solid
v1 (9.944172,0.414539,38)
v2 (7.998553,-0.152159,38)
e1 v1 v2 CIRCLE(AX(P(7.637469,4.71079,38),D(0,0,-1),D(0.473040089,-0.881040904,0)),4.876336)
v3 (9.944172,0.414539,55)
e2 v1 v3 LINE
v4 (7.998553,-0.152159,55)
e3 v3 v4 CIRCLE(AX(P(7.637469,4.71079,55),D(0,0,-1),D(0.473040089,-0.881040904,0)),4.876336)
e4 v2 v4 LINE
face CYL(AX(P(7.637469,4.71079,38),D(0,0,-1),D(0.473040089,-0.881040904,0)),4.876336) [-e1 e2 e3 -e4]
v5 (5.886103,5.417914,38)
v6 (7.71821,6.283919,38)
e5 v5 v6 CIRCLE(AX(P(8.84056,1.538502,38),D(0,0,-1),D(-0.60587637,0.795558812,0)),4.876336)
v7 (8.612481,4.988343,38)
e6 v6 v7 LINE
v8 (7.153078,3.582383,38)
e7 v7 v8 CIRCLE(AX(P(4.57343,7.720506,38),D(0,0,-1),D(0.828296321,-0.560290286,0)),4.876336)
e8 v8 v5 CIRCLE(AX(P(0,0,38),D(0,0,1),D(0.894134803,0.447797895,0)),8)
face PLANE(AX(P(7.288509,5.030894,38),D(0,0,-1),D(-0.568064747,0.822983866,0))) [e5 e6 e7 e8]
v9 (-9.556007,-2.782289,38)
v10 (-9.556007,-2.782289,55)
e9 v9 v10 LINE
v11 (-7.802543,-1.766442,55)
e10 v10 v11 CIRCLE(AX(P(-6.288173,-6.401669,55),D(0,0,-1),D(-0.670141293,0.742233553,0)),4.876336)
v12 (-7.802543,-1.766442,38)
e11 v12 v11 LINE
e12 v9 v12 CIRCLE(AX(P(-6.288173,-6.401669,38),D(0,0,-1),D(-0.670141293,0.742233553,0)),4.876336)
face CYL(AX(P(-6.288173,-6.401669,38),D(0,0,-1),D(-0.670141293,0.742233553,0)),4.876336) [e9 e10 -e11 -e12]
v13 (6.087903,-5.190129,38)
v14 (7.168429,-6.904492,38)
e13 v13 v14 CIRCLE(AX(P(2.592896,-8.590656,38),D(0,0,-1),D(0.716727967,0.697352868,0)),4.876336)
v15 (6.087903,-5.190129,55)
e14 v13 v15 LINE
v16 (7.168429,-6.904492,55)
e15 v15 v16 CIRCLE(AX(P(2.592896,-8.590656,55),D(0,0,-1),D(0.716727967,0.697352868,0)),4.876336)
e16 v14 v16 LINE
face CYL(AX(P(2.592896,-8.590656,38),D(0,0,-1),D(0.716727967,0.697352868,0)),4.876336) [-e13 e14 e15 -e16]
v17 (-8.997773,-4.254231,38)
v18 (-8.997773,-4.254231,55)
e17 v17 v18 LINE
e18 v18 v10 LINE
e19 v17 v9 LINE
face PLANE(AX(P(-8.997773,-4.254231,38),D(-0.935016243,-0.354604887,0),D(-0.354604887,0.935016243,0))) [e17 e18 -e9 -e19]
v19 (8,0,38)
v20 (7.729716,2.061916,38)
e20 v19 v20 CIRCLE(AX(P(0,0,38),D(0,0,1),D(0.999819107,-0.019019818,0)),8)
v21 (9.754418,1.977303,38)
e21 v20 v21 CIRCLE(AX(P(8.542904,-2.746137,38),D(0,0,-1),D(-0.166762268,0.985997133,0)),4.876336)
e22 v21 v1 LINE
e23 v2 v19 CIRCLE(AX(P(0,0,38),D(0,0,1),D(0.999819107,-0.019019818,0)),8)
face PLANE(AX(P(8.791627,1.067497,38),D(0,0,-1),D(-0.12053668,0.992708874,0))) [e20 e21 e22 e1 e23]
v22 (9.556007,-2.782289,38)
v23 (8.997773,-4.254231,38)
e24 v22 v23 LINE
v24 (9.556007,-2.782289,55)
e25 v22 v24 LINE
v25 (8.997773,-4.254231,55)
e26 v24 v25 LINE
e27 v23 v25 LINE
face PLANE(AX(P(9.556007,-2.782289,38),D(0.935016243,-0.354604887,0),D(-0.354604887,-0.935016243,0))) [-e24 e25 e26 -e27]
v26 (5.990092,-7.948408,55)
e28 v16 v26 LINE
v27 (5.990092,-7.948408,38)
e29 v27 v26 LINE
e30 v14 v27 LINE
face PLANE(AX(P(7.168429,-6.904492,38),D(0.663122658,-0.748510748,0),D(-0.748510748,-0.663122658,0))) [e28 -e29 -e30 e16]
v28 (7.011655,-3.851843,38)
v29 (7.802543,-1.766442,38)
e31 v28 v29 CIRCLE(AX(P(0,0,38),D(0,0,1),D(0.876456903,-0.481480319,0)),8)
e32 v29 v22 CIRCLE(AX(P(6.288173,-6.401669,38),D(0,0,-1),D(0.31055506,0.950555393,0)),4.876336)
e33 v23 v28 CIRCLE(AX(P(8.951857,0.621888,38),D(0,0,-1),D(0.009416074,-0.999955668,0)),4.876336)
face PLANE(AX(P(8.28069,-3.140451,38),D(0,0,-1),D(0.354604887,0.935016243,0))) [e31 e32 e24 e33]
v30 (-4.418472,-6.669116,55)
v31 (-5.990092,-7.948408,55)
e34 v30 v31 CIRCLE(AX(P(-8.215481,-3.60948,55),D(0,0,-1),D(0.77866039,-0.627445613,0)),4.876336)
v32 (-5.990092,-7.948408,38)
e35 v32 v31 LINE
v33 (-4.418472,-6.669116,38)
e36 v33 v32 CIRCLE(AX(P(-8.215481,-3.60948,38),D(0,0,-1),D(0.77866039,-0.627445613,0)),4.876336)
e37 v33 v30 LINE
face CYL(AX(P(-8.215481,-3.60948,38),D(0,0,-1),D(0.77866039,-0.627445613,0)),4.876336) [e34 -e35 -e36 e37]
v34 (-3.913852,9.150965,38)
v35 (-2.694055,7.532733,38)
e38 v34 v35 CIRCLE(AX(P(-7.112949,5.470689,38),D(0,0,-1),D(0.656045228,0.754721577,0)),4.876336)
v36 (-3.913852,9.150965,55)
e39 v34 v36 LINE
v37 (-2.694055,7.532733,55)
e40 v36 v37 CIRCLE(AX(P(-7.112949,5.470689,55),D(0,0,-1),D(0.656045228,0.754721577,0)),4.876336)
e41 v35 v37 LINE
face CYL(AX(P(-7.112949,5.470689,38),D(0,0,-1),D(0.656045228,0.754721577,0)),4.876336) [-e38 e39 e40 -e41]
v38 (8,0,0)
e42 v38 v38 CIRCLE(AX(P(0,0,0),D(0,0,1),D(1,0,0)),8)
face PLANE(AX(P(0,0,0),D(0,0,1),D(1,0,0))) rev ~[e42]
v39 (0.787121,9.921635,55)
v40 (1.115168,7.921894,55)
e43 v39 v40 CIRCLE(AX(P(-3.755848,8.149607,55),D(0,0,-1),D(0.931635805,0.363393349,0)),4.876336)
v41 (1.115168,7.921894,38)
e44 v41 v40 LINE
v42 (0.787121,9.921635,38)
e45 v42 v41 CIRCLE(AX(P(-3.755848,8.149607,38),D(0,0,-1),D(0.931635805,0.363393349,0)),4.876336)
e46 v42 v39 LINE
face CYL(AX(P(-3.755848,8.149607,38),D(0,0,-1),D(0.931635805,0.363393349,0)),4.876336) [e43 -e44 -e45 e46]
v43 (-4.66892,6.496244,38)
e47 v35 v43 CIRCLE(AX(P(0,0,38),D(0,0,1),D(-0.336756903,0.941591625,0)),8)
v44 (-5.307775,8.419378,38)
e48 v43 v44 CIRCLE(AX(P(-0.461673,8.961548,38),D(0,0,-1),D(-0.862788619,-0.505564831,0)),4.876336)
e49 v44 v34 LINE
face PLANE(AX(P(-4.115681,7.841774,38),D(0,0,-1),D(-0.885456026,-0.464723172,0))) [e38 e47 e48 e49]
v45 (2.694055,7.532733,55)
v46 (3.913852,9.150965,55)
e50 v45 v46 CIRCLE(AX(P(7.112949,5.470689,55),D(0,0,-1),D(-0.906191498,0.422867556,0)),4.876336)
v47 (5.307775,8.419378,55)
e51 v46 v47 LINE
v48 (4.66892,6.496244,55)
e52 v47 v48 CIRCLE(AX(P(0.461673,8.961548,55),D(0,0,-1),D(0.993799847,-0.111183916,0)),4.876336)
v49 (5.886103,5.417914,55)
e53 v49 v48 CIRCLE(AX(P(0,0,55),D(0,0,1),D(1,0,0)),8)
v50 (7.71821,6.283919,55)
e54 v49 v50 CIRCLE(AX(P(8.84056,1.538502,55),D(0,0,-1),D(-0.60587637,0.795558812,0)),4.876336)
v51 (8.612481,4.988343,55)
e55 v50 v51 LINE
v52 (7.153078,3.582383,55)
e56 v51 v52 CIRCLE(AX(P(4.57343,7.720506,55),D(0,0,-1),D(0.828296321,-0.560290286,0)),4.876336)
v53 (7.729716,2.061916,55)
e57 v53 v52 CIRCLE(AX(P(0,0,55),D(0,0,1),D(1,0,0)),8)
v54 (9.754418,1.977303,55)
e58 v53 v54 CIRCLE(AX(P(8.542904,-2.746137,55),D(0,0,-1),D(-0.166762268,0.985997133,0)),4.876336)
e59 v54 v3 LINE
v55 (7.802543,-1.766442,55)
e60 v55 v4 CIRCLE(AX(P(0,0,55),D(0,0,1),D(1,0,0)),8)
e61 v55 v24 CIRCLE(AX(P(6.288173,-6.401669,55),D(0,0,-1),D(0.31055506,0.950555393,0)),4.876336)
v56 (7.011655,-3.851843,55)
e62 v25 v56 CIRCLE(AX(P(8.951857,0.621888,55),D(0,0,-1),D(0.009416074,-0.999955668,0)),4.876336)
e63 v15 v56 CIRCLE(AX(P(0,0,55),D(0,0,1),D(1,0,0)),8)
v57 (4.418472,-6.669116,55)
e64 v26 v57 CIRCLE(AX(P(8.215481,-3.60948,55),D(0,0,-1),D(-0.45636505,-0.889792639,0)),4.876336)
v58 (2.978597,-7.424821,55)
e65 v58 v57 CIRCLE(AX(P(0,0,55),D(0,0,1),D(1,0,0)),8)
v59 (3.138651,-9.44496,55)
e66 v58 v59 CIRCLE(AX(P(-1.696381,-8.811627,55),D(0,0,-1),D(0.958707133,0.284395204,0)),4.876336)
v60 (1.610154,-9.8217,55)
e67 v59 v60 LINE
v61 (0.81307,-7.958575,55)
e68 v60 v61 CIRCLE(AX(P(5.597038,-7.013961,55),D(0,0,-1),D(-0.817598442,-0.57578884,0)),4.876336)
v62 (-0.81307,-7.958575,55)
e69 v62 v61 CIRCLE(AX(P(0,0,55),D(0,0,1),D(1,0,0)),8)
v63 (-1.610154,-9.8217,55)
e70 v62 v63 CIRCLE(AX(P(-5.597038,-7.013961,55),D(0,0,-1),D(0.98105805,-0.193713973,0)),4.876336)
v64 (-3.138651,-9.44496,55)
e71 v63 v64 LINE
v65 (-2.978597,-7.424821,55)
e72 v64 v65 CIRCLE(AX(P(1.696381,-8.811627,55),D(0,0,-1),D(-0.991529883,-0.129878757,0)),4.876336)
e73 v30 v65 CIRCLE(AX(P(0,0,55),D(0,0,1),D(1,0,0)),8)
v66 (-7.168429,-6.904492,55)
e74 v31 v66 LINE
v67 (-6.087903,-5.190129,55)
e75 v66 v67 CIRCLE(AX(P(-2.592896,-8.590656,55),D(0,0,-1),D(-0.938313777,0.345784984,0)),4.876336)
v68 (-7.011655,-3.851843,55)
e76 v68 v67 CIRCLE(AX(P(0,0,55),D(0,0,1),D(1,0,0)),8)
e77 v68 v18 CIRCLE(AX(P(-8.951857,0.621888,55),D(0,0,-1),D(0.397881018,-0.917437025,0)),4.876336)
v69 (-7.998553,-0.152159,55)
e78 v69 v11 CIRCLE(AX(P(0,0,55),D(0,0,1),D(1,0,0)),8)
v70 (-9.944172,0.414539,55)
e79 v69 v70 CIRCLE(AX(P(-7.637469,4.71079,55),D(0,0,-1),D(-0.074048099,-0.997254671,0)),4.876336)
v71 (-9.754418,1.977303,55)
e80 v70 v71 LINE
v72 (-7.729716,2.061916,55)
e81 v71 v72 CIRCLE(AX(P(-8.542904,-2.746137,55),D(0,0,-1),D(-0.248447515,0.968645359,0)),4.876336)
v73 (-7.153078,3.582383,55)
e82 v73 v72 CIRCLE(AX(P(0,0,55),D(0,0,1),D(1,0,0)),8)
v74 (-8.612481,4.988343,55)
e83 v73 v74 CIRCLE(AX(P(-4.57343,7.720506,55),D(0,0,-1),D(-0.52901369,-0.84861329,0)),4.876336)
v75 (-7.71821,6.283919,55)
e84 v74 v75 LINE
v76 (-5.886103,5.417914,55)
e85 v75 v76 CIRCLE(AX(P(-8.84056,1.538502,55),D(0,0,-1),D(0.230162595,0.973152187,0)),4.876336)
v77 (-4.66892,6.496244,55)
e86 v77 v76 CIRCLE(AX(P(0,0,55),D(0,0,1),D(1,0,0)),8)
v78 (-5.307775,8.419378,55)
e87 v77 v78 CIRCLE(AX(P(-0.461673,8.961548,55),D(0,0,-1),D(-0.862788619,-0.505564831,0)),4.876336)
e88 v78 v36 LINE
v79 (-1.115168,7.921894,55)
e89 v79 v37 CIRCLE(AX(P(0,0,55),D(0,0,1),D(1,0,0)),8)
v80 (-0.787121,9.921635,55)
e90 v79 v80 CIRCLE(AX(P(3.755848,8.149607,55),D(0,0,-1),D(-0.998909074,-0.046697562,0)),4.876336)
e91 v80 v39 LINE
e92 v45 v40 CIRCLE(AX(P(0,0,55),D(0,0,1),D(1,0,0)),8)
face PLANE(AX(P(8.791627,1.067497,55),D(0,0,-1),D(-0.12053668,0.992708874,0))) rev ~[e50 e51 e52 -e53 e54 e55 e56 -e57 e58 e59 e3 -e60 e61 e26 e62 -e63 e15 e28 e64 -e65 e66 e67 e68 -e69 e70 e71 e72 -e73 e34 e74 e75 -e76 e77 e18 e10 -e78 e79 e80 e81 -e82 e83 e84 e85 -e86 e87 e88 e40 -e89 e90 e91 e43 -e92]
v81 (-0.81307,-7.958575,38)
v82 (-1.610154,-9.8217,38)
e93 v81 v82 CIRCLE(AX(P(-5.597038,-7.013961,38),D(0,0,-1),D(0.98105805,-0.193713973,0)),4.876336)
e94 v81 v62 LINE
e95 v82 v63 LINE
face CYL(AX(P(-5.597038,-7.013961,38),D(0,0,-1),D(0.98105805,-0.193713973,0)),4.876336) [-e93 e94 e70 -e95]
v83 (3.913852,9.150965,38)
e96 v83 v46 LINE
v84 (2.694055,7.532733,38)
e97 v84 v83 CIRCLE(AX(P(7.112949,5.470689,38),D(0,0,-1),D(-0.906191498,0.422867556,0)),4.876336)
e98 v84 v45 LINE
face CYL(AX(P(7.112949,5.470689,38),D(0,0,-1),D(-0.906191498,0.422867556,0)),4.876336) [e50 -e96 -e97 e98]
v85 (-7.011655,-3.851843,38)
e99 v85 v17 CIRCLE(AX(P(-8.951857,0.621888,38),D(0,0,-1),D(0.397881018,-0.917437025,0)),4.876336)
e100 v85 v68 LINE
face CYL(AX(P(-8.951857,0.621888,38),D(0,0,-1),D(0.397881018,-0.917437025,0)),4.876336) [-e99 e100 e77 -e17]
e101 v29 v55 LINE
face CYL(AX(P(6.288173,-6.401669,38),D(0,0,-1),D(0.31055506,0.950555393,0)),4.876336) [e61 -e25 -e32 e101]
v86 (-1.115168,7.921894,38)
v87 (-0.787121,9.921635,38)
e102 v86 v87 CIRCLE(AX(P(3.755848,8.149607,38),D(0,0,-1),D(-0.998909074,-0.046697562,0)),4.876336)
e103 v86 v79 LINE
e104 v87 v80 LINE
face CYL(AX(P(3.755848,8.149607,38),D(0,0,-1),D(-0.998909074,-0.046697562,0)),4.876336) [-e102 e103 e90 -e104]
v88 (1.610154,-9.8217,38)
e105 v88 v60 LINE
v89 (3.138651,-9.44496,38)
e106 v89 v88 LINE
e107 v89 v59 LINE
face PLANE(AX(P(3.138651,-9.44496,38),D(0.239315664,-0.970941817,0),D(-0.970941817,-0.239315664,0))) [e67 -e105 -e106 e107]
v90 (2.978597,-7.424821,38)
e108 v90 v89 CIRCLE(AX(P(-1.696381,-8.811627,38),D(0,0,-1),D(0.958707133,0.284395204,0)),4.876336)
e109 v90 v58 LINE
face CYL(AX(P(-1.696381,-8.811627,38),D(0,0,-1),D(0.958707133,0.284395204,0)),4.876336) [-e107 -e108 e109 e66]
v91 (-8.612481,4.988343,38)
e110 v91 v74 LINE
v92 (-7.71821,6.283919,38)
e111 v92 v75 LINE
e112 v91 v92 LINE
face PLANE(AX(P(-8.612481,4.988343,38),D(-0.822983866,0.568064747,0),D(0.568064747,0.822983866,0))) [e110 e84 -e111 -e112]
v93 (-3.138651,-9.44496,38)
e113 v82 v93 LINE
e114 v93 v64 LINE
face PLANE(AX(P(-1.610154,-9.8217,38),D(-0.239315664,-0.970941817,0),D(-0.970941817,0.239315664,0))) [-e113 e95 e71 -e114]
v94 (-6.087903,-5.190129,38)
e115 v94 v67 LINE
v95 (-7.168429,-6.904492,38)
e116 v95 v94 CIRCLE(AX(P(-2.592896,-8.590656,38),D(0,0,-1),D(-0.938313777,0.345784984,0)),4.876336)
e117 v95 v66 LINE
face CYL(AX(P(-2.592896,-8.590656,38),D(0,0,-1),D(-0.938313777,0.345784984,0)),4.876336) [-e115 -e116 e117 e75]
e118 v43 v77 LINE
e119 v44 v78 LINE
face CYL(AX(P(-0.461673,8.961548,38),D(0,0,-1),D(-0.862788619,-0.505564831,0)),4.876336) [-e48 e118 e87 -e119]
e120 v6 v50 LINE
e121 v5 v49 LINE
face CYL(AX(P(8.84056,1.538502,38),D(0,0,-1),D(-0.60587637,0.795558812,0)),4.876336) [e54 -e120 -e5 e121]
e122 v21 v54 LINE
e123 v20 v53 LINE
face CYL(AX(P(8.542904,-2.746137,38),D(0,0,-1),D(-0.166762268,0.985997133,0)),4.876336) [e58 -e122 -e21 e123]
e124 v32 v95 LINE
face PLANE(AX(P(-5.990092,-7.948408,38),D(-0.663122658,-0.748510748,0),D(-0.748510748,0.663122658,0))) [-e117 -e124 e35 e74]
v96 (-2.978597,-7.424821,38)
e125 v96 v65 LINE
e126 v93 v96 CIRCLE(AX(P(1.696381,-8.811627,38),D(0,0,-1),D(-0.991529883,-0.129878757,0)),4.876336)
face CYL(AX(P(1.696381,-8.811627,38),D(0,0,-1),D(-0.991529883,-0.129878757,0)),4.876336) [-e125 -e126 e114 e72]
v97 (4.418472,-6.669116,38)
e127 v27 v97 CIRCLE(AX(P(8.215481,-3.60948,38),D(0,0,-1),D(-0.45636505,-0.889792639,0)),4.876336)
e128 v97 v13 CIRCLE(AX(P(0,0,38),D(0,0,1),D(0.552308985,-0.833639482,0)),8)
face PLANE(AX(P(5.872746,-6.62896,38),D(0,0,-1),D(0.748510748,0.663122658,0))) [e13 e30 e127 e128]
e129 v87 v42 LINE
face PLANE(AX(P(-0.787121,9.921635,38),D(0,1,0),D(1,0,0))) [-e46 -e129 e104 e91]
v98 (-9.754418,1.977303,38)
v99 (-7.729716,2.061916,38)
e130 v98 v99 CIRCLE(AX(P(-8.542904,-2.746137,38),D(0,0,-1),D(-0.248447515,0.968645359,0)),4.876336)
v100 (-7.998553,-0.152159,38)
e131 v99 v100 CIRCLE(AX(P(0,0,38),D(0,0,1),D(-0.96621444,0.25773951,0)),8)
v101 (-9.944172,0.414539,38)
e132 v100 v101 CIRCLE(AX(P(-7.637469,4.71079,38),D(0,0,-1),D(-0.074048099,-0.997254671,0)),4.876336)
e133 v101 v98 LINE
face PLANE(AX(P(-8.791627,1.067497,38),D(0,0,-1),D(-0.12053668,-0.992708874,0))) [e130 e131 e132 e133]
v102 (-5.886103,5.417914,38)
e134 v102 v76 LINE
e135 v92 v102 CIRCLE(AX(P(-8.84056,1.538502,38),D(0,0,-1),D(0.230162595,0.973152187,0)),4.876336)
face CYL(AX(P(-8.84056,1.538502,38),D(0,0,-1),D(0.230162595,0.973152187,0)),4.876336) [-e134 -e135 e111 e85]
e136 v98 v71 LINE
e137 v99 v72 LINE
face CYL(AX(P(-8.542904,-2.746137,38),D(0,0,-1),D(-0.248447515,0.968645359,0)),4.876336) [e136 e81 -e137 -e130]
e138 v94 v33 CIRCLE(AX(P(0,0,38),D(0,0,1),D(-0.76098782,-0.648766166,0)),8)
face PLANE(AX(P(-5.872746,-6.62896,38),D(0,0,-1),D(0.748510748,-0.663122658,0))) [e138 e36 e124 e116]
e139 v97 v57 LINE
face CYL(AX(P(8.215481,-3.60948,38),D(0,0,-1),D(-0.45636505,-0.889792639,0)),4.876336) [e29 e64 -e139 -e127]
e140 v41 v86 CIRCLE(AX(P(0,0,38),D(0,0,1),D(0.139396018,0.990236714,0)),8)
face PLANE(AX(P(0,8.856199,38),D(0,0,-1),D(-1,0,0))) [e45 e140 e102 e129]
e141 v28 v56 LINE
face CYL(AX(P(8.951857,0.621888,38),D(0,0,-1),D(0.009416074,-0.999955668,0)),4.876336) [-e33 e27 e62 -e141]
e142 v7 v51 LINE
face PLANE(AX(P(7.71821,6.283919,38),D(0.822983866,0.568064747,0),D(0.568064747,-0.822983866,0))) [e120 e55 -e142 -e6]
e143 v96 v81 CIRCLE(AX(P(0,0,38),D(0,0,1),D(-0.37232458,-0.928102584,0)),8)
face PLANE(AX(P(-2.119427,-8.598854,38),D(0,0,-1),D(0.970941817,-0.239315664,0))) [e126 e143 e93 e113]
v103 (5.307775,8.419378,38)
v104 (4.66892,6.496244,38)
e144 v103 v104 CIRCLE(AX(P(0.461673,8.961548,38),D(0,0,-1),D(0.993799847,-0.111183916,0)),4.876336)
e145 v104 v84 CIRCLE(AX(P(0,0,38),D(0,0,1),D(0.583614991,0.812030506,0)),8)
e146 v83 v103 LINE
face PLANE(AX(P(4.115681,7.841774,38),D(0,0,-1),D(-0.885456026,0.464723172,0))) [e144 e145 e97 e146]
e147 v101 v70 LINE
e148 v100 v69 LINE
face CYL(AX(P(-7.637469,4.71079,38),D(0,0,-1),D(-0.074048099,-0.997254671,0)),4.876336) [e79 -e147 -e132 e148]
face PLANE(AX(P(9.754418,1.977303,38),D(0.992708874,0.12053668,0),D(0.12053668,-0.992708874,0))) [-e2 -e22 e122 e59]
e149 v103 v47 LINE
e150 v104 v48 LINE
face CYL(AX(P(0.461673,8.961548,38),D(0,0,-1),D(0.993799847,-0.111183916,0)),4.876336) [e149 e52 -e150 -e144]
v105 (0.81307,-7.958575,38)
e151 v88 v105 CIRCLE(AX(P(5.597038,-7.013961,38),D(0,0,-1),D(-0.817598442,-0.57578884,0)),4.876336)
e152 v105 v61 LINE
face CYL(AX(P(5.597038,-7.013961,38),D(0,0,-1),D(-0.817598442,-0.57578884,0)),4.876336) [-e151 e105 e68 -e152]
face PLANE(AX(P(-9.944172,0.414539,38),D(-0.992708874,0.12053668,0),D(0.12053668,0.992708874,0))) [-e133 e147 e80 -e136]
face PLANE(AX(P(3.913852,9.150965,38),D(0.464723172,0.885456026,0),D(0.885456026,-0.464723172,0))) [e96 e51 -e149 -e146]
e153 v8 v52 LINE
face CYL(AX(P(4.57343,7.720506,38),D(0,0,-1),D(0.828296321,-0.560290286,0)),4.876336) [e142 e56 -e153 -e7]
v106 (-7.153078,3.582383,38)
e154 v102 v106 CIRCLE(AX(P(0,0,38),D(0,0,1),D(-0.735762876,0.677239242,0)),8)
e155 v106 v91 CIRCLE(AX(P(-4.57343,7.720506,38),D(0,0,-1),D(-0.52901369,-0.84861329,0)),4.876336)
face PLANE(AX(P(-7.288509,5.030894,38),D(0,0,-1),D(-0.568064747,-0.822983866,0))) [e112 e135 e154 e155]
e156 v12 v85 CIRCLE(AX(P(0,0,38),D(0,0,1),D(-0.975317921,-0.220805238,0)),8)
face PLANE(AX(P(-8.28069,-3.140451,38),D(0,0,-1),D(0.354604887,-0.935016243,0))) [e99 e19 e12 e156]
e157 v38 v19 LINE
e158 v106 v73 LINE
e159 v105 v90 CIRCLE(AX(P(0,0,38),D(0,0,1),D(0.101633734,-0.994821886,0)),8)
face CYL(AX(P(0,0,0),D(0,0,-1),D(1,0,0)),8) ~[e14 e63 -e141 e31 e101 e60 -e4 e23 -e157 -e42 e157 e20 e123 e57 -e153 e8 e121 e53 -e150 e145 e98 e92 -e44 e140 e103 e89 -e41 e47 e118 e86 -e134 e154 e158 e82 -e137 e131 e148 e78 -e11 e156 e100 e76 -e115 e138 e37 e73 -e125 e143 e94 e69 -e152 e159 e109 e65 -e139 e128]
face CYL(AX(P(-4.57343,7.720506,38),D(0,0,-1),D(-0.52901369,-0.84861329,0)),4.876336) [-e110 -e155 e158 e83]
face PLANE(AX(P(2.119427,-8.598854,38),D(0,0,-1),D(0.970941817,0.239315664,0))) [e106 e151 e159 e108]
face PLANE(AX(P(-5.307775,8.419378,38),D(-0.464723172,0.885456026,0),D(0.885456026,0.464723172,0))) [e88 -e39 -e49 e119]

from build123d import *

# Parameters (mm, degrees)
SKETCH1_R           = 8
BOSS_EXTRUDE1_DEPTH = 55
BOSS_EXTRUDE2_START = -17
BOSS_EXTRUDE2_DEPTH = 17
CIRPATTERN1_COUNT   = 13


with BuildPart() as part:
    # Sketch1 → Boss-Extrude1 (new body)
    with BuildSketch(Plane.XY):
        Circle(SKETCH1_R)
    extrude(amount=BOSS_EXTRUDE1_DEPTH)

    # Sketch2 → Boss-Extrude2 (add)
    with BuildSketch(Plane.XY.offset(55).offset(BOSS_EXTRUDE2_START)):
        with BuildLine():
            Line((-0.787121101, 9.92163467), (0.787121101, 9.92163467))
            ThreePointArc((0.787121101, 9.92163467), (1.056170344, 8.938993112), (1.115168142, 7.921893714))
            ThreePointArc((1.115168142, 7.921893714), (0, 8), (-1.115168142, 7.921893714))
            ThreePointArc((-1.115168142, 7.921893714), (-1.056170344, 8.938993112), (-0.787121101, 9.92163467))
        make_face()
    boss_extrude2 = extrude(amount=BOSS_EXTRUDE2_DEPTH)

    # CirPattern1: Boss-Extrude2 ×13 about axis
    cirpattern1_axis = Axis((0, 0, 0), (0, 0, 1))
    for i in range(1, CIRPATTERN1_COUNT):
        add(boss_extrude2.rotate(cirpattern1_axis, i * 360 / CIRPATTERN1_COUNT))


solid = part.part
